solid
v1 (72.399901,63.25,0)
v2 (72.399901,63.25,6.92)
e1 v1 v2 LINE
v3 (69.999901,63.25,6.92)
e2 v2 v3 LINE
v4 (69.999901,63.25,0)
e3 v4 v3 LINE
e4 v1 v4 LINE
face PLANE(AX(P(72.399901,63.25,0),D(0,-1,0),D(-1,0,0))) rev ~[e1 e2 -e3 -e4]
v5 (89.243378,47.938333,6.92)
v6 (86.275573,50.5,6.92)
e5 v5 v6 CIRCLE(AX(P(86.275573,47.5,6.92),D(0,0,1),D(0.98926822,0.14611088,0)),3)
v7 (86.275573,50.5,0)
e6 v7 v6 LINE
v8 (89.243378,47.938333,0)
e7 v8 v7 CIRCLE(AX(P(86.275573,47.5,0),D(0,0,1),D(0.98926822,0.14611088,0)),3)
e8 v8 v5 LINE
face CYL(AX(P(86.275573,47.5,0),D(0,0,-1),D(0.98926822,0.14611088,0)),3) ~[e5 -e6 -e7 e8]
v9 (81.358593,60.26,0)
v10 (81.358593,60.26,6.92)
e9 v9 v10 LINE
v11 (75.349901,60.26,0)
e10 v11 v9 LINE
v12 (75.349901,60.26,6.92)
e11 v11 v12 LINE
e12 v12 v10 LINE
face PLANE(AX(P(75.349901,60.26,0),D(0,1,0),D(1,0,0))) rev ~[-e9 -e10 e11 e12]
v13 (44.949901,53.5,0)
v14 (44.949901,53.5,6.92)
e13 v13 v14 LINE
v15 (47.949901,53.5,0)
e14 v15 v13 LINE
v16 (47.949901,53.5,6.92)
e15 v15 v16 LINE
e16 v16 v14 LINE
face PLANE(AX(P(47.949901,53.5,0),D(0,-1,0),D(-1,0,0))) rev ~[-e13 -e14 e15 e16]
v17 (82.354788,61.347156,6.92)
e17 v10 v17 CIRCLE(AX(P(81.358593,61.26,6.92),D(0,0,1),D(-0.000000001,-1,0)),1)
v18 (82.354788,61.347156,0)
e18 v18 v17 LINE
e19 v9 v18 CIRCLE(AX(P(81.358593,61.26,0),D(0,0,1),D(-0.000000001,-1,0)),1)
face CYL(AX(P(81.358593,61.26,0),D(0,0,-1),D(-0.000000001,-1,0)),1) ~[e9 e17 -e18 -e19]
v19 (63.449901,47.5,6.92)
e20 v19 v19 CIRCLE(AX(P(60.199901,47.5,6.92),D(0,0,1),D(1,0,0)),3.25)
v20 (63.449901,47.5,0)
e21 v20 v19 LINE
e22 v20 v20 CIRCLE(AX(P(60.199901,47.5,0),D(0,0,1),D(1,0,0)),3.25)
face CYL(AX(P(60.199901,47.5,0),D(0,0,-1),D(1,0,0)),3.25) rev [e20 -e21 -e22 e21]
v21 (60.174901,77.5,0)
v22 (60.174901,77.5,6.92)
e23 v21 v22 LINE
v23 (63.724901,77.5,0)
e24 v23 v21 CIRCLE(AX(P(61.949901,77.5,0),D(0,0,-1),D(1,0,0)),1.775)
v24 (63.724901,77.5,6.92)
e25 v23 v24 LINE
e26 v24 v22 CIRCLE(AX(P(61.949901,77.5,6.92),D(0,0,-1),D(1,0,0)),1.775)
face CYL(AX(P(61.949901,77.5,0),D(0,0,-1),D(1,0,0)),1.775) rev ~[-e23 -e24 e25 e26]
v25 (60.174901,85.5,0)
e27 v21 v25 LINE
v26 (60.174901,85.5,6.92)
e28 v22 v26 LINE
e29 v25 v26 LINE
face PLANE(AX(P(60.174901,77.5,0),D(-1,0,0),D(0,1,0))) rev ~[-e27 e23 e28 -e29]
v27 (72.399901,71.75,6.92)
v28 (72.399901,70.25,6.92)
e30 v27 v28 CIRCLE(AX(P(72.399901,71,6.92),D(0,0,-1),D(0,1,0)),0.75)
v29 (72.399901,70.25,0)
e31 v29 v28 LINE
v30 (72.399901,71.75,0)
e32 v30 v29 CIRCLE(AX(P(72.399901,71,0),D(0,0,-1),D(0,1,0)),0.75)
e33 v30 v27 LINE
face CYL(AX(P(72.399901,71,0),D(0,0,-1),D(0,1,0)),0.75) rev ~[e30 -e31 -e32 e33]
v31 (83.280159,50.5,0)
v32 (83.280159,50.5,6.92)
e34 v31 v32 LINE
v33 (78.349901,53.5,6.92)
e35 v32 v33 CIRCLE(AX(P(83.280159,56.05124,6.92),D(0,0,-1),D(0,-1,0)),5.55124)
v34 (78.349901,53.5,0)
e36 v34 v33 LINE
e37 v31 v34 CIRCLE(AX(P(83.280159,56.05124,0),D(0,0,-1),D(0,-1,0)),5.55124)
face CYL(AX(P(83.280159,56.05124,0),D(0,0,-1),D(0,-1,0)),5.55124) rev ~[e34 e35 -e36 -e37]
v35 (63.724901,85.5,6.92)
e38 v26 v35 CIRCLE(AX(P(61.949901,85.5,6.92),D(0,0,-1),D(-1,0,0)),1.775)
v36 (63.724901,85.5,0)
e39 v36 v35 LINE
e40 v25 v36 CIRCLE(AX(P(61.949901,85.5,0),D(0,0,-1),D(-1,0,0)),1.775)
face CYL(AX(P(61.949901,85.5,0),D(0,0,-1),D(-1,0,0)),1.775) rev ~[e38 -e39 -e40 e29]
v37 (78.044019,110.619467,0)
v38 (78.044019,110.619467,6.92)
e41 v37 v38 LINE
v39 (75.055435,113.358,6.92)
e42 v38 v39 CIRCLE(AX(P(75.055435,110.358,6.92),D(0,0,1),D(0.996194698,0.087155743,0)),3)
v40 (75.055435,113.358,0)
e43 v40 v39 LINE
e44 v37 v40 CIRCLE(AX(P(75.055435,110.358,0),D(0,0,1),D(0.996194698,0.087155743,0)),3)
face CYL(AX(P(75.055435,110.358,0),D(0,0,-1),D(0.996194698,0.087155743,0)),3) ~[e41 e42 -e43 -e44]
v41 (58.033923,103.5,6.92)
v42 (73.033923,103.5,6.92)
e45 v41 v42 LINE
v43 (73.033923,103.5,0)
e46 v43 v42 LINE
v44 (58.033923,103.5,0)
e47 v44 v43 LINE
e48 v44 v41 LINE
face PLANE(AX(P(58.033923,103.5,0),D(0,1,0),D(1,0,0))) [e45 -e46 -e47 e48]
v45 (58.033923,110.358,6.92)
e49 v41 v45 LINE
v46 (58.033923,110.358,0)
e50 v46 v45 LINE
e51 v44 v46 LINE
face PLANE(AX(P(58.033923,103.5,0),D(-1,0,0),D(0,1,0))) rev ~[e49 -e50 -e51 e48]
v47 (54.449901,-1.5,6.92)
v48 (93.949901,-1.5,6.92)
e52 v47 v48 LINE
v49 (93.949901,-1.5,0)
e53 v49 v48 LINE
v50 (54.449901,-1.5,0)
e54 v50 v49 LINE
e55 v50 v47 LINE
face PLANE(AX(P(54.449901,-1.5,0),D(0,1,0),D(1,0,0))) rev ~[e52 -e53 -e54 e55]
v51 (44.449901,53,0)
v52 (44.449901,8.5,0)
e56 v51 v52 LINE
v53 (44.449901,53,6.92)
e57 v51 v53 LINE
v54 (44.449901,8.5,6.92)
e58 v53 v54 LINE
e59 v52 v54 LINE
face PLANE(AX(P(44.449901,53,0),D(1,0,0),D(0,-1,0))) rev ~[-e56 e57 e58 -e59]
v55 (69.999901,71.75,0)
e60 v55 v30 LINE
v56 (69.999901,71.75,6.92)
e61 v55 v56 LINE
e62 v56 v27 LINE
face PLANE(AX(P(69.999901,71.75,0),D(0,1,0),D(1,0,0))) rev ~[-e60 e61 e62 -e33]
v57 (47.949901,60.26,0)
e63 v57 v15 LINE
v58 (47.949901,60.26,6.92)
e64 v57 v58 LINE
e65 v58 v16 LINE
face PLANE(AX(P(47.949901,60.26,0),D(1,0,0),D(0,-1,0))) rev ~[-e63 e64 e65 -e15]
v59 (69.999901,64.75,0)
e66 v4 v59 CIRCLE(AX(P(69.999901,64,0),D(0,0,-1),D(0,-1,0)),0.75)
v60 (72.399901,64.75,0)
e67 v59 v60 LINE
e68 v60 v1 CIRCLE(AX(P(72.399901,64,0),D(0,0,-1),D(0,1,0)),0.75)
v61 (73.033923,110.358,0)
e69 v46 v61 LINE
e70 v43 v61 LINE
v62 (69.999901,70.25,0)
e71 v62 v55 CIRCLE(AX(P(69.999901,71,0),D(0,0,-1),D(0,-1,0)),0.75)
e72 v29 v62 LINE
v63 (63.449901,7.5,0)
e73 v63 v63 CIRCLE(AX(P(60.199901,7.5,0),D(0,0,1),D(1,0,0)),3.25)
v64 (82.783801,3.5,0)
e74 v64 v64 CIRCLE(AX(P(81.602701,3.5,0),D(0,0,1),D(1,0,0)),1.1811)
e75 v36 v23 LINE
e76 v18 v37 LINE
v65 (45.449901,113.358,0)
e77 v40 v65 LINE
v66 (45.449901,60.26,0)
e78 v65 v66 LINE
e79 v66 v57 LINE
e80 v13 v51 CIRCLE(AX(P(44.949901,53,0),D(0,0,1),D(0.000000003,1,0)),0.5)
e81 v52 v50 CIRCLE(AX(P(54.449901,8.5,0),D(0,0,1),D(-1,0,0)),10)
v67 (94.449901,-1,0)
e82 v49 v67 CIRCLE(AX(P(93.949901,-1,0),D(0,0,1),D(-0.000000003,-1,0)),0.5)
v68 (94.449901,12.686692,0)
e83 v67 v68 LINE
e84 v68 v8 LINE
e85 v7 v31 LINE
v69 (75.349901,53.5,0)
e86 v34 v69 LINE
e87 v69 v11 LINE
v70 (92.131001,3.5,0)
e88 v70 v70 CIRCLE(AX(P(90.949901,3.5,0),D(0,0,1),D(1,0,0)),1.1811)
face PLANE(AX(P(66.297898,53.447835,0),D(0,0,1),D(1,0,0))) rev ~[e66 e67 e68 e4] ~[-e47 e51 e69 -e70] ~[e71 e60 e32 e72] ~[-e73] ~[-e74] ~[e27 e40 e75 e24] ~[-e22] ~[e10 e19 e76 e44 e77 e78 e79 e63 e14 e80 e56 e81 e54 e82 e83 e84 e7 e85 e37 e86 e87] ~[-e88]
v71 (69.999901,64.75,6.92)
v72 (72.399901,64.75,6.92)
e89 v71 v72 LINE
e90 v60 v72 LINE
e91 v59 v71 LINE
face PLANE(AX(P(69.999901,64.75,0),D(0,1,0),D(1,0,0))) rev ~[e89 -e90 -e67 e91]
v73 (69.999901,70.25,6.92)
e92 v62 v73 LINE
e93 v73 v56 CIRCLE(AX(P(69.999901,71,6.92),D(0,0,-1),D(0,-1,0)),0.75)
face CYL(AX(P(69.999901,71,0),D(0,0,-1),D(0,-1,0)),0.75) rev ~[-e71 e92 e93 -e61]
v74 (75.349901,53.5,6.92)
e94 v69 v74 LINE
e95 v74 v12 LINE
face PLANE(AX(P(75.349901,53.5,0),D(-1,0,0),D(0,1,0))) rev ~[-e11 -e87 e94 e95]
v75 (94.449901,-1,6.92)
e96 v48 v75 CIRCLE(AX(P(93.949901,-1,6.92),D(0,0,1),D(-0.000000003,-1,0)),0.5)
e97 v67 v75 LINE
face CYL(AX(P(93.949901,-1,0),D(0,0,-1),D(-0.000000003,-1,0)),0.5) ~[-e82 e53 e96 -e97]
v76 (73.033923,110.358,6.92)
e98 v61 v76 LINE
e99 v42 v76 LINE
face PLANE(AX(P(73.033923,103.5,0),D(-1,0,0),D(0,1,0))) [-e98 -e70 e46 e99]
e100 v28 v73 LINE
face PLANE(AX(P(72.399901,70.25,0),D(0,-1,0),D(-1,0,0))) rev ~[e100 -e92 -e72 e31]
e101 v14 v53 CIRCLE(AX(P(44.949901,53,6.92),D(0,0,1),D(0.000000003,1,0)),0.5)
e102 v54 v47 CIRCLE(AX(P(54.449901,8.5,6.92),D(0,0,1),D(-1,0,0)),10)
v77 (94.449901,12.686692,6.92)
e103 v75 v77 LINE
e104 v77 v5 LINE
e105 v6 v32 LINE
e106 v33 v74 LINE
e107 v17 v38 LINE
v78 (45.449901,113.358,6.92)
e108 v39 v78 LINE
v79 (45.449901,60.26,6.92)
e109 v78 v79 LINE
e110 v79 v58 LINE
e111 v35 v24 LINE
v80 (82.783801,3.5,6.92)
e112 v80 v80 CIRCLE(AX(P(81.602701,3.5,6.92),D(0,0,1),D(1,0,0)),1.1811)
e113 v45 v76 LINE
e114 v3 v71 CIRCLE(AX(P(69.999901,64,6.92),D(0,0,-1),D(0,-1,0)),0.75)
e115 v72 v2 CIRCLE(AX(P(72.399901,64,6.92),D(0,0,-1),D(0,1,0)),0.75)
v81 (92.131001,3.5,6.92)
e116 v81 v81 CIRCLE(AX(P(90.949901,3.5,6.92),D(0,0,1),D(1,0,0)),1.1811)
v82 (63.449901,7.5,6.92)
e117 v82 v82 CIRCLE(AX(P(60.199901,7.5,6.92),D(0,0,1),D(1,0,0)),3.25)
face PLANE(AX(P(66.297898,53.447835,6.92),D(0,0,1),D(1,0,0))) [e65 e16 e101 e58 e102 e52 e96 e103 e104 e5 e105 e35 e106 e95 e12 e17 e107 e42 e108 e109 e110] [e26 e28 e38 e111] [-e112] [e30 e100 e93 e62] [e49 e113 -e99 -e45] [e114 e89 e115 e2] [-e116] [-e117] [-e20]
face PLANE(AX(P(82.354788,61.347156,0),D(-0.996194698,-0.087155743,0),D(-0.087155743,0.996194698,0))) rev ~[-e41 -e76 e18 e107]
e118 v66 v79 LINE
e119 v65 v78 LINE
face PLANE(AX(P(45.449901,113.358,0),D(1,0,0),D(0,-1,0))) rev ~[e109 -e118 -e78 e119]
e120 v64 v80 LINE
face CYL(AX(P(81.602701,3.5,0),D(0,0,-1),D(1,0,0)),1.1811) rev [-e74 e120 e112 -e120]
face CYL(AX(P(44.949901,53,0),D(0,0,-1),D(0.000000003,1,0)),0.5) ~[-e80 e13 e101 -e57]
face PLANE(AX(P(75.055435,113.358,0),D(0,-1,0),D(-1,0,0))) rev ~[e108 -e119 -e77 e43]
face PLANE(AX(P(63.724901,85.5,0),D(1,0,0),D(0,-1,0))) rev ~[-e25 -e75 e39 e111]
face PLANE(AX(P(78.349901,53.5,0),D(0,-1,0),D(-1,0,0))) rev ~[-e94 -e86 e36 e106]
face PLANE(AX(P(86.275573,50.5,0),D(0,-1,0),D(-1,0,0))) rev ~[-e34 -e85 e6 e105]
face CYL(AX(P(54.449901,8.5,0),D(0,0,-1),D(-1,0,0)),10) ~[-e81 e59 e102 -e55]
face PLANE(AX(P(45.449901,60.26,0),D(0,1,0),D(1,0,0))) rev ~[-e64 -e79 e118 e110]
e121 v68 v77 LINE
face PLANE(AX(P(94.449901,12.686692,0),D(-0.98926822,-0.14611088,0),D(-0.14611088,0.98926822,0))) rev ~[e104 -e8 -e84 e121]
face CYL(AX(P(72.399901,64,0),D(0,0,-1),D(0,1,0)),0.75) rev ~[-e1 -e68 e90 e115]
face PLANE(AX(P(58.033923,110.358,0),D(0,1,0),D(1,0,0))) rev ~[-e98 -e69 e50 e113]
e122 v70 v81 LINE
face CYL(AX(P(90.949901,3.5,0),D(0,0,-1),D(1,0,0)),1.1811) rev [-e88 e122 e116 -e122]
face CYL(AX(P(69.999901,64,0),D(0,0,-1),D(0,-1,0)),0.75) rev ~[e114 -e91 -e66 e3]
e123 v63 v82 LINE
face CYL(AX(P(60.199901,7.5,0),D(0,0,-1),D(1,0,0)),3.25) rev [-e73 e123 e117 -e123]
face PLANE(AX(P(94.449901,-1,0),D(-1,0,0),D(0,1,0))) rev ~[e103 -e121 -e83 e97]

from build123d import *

# Parameters (mm, degrees)
SKETCH1_R           = 3.25
SKETCH1_R_2         = 1.1811
SKETCH1_W           = 15
SKETCH1_H           = 6.858
BOSS_EXTRUDE1_DEPTH = 6.92


with BuildPart() as part:
    # Sketch1 → Boss-Extrude1 (new body)
    with BuildSketch(Plane.XY):
        with BuildLine():
            Line((54.449901472, -1.5), (93.949901472, -1.5))
            ThreePointArc((93.949901472, -1.5), (94.303454863, -1.353553391), (94.449901472, -1))
            Line((94.449901472, -1), (94.449901472, 12.686692025))
            Line((94.449901472, 12.686692025), (89.243377961, 47.938332641))
            ThreePointArc((89.243377961, 47.938332641), (88.235803145, 49.771012761), (86.275573302, 50.5))
            Line((86.275573302, 50.5), (83.280158812, 50.5))
            ThreePointArc((83.280158812, 50.5), (80.394529009, 51.308940401), (78.349901472, 53.5))
            Line((78.349901472, 53.5), (75.349901472, 53.5))
            Line((75.349901472, 53.5), (75.349901472, 60.26))
            Line((75.349901472, 60.26), (81.358592971, 60.26))
            ThreePointArc((81.358592971, 60.26), (82.095870308, 60.584409792), (82.354787669, 61.347155743))
            Line((82.354787669, 61.347155743), (78.044018988, 110.619467228))
            ThreePointArc((78.044018988, 110.619467228), (77.082205517, 112.56983201), (75.055434894, 113.358))
            Line((75.055434894, 113.358), (45.449901472, 113.358))
            Line((45.449901472, 113.358), (45.449901472, 60.26))
            Line((45.449901472, 60.26), (47.949901472, 60.26))
            Line((47.949901472, 60.26), (47.949901472, 53.5))
            Line((47.949901472, 53.5), (44.949901472, 53.5))
            ThreePointArc((44.949901472, 53.5), (44.596348081, 53.353553391), (44.449901472, 53))
            Line((44.449901472, 53), (44.449901472, 8.5))
            ThreePointArc((44.449901472, 8.5), (47.37883366, 1.428932188), (54.449901472, -1.5))
        make_face()
        with Locations((60.199901472, 47.5)):
            Circle(SKETCH1_R, mode=Mode.SUBTRACT)
        with Locations((60.199901472, 7.5)):
            Circle(SKETCH1_R, mode=Mode.SUBTRACT)
        with Locations((81.602701472, 3.5)):
            Circle(SKETCH1_R_2, mode=Mode.SUBTRACT)
        with Locations((90.949901472, 3.5)):
            Circle(SKETCH1_R_2, mode=Mode.SUBTRACT)
        with BuildLine():
            Line((72.399901472, 63.25), (69.999901472, 63.25))
            ThreePointArc((69.999901472, 63.25), (69.249901472, 64), (69.999901472, 64.75))
            Line((69.999901472, 64.75), (72.399901472, 64.75))
            ThreePointArc((72.399901472, 64.75), (73.149901472, 64), (72.399901472, 63.25))
        make_face(mode=Mode.SUBTRACT)
        with BuildLine():
            Line((72.399901472, 70.25), (69.999901472, 70.25))
            ThreePointArc((69.999901472, 70.25), (69.249901472, 71), (69.999901472, 71.75))
            Line((69.999901472, 71.75), (72.399901472, 71.75))
            ThreePointArc((72.399901472, 71.75), (73.149901472, 71), (72.399901472, 70.25))
        make_face(mode=Mode.SUBTRACT)
        with BuildLine():
            Line((60.174901472, 77.5), (60.174901472, 85.5))
            ThreePointArc((60.174901472, 85.5), (61.949901472, 87.275), (63.724901472, 85.5))
            Line((63.724901472, 85.5), (63.724901472, 77.5))
            ThreePointArc((63.724901472, 77.5), (61.949901472, 75.725), (60.174901472, 77.5))
        make_face(mode=Mode.SUBTRACT)
        with Locations((65.533922881, 106.929)):
            Rectangle(SKETCH1_W, SKETCH1_H, mode=Mode.SUBTRACT)
    extrude(amount=BOSS_EXTRUDE1_DEPTH)


solid = part.part
